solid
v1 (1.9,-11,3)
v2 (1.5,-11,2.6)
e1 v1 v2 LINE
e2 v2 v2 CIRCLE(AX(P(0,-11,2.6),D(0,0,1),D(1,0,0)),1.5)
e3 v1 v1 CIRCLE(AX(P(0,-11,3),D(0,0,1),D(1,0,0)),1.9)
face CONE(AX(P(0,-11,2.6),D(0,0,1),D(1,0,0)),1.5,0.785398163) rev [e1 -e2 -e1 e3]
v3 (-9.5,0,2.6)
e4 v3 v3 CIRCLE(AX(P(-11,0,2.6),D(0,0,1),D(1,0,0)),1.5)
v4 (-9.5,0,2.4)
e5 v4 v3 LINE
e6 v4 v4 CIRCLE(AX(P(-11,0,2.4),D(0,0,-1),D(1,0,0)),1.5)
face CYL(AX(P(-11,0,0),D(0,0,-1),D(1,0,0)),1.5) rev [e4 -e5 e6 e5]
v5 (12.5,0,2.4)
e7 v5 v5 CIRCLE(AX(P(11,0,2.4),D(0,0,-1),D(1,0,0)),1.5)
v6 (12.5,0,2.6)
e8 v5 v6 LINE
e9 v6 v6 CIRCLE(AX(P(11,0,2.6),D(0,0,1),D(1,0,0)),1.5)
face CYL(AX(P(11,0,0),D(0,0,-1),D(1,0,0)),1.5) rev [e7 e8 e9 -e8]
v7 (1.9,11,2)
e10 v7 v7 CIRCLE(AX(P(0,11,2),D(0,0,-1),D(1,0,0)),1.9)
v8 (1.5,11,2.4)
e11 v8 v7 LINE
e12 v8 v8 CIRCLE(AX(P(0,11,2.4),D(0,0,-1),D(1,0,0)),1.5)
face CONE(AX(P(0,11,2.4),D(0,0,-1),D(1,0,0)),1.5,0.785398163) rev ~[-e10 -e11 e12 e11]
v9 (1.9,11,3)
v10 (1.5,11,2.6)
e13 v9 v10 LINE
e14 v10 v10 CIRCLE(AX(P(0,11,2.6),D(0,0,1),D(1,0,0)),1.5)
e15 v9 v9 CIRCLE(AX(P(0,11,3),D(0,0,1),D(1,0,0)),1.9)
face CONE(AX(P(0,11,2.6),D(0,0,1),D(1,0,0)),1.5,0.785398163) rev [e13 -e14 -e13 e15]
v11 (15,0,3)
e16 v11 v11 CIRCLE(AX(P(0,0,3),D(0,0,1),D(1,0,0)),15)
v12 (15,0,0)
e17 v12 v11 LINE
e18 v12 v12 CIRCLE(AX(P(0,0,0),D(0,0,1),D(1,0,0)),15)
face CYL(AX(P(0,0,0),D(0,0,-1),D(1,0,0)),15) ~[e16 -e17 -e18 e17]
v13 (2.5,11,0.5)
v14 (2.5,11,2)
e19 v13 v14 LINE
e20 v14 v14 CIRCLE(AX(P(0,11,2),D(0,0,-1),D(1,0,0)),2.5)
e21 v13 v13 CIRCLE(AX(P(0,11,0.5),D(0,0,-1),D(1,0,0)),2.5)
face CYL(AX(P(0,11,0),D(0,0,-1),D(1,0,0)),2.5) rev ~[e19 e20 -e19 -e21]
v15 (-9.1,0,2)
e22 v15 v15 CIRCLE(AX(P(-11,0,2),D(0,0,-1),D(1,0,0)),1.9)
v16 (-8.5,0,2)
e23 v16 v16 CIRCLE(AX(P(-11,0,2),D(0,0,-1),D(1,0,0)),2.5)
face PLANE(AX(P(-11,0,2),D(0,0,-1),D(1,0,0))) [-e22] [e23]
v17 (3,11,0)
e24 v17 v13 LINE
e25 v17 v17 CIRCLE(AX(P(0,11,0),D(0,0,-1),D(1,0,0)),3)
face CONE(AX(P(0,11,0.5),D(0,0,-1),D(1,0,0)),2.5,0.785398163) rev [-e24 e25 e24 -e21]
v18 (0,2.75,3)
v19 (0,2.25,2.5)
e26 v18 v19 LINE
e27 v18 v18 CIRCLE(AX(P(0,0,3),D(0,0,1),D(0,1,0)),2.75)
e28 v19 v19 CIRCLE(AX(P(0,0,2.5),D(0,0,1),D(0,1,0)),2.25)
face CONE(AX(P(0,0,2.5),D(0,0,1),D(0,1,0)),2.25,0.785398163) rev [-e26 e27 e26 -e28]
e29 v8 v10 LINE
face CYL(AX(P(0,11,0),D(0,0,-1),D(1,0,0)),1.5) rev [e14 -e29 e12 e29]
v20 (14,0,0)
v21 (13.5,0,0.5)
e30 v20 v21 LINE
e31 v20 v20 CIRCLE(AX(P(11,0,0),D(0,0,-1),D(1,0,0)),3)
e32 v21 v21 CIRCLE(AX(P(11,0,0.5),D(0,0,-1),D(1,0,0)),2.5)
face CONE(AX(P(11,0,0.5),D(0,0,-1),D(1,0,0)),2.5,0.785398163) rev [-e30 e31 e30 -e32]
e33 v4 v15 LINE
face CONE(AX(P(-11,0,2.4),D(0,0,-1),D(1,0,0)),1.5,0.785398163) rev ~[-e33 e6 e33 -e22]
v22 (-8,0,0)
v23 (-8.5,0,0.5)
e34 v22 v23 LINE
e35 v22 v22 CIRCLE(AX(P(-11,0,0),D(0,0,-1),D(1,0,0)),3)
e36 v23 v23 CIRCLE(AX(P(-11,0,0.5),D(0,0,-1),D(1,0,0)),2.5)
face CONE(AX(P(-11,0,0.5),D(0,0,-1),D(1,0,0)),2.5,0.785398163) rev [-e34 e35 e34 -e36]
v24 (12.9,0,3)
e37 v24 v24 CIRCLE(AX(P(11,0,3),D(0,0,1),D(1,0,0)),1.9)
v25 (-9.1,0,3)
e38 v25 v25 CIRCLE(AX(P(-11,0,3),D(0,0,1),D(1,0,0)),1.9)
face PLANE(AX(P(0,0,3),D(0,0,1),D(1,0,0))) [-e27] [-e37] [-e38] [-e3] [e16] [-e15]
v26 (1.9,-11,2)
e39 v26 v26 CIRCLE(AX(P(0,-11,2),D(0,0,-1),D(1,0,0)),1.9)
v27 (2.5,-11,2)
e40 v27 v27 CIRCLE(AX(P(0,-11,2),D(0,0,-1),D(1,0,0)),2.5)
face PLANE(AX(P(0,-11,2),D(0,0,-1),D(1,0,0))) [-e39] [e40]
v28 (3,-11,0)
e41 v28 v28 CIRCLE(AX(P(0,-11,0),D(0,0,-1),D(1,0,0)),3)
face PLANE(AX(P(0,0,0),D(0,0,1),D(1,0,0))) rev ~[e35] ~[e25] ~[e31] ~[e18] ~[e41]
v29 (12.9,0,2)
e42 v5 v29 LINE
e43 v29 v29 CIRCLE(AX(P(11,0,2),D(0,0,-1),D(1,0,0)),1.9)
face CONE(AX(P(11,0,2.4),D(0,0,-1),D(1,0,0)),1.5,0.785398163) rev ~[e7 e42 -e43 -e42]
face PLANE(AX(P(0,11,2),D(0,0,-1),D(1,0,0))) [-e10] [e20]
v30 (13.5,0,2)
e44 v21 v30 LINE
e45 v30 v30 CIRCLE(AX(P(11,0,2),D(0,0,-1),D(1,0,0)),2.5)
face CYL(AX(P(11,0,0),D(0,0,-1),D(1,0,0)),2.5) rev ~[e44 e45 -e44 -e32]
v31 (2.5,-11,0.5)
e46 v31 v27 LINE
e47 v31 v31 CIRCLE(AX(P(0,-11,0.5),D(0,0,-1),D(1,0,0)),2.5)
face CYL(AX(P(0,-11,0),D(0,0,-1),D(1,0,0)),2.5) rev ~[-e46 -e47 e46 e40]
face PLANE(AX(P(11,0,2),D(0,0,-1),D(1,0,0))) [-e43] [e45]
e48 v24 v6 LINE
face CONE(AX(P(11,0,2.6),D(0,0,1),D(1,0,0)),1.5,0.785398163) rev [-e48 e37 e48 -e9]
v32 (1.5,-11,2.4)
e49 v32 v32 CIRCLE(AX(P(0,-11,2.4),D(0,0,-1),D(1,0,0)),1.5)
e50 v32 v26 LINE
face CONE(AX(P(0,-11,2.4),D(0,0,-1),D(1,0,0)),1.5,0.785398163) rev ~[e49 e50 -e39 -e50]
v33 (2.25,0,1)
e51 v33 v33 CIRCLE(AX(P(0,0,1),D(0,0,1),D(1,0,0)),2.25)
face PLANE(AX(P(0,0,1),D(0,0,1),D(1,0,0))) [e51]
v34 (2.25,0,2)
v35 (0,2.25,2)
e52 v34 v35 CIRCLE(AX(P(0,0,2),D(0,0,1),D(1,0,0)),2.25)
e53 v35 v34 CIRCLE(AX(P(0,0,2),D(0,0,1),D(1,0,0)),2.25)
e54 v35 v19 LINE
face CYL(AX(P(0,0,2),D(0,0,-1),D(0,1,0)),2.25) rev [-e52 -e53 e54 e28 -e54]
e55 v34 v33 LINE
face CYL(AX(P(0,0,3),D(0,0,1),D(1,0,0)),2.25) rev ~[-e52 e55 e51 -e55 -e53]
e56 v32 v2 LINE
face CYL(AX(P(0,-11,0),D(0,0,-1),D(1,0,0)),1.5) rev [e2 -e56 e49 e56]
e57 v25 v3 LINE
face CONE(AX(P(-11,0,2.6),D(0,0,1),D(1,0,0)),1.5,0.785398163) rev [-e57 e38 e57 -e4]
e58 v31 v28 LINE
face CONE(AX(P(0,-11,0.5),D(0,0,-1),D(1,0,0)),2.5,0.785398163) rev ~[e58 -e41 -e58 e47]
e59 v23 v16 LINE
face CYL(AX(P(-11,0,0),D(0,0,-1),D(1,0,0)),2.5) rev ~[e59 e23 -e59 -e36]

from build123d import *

# Parameters (mm, degrees)
SKETCH_R             = 15
SKETCH_R_2           = 1.5
PAD_DEPTH            = 3
SKETCH002_R          = 2.25
POCKET_DEPTH         = 2
SKETCH001_R          = 5
POCKET001_DEPTH      = 1
SKETCH003_R          = 2.5
POCKET002_DEPTH      = 2
POCKET002_FACE17_R   = 5
POCKET002_FACE17_R_2 = 2.25
PAD001_DEPTH         = 1
CHAMFER_SIZE         = 0.4
CHAMFER001_SIZE      = 0.5
CHAMFER002_SIZE      = 0.4
CHAMFER003_SIZE      = 0.5


with BuildPart() as part:
    # Sketch → Pad (new body)
    with BuildSketch(Plane.XY):
        Circle(SKETCH_R)
        with Locations((0, 11)):
            Circle(SKETCH_R_2, mode=Mode.SUBTRACT)
        with Locations((-11, 0)):
            Circle(SKETCH_R_2, mode=Mode.SUBTRACT)
        with Locations((0, -11)):
            Circle(SKETCH_R_2, mode=Mode.SUBTRACT)
        with Locations((11, 0)):
            Circle(SKETCH_R_2, mode=Mode.SUBTRACT)
    extrude(amount=PAD_DEPTH)

    # Sketch002 (on Face7 of Pad) → Pocket (cut)
    with BuildSketch(Plane.XY.offset(3)):
        Circle(SKETCH002_R)
    extrude(amount=-POCKET_DEPTH, mode=Mode.SUBTRACT)

    # Sketch001 (on Face7 of Pad) → Pocket001 (cut)
    with BuildSketch(Plane.XY.offset(3)):
        Circle(SKETCH001_R)
    extrude(amount=-POCKET001_DEPTH, mode=Mode.SUBTRACT)

    # Sketch003 (on Face2 of Pocket001) → Pocket002 (cut)
    with BuildSketch(Plane(origin=(0, 0, 0), x_dir=(1, 0, 0), z_dir=(0, 0, -1))):
        with Locations((0, 11)):
            Circle(SKETCH003_R)
        with Locations((11, 0)):
            Circle(SKETCH003_R)
        with Locations((0, -11)):
            Circle(SKETCH003_R)
        with Locations((-11, 0)):
            Circle(SKETCH003_R)
    extrude(amount=-POCKET002_DEPTH, mode=Mode.SUBTRACT)

    # Pocket002 Face17 → Pad001 (add)
    with BuildSketch(Plane(origin=(0, 0, 2), x_dir=(0, 1, 0), z_dir=(0, 0, 1))):
        Circle(POCKET002_FACE17_R)
        Circle(POCKET002_FACE17_R_2, mode=Mode.SUBTRACT)
    extrude(amount=PAD001_DEPTH)

    # Chamfer
    chamfer_edges = [part.edges().sort_by_distance(p)[0] for p in [
        (-1.5, -11, 3),
        (-12.5, 0, 3),
        (-1.5, 11, 3),
        (9.5, 0, 3),
    ]]
    chamfer(chamfer_edges, length=CHAMFER_SIZE)

    # Chamfer001
    chamfer001_edges = [part.edges().sort_by_distance(p)[0] for p in [
        (-2.25, 0, 3),
    ]]
    chamfer(chamfer001_edges, length=CHAMFER001_SIZE)

    # Chamfer002
    chamfer002_edges = [part.edges().sort_by_distance(p)[0] for p in [
        (9.5, 0, 2),
        (-1.5, -11, 2),
        (-12.5, 0, 2),
        (-1.5, 11, 2),
    ]]
    chamfer(chamfer002_edges, length=CHAMFER002_SIZE)

    # Chamfer003
    chamfer003_edges = [part.edges().sort_by_distance(p)[0] for p in [
        (-2.5, -11, 0),
        (8.5, 0, 0),
        (-13.5, 0, 0),
        (-2.5, 11, 0),
    ]]
    chamfer(chamfer003_edges, length=CHAMFER003_SIZE)


solid = part.part
